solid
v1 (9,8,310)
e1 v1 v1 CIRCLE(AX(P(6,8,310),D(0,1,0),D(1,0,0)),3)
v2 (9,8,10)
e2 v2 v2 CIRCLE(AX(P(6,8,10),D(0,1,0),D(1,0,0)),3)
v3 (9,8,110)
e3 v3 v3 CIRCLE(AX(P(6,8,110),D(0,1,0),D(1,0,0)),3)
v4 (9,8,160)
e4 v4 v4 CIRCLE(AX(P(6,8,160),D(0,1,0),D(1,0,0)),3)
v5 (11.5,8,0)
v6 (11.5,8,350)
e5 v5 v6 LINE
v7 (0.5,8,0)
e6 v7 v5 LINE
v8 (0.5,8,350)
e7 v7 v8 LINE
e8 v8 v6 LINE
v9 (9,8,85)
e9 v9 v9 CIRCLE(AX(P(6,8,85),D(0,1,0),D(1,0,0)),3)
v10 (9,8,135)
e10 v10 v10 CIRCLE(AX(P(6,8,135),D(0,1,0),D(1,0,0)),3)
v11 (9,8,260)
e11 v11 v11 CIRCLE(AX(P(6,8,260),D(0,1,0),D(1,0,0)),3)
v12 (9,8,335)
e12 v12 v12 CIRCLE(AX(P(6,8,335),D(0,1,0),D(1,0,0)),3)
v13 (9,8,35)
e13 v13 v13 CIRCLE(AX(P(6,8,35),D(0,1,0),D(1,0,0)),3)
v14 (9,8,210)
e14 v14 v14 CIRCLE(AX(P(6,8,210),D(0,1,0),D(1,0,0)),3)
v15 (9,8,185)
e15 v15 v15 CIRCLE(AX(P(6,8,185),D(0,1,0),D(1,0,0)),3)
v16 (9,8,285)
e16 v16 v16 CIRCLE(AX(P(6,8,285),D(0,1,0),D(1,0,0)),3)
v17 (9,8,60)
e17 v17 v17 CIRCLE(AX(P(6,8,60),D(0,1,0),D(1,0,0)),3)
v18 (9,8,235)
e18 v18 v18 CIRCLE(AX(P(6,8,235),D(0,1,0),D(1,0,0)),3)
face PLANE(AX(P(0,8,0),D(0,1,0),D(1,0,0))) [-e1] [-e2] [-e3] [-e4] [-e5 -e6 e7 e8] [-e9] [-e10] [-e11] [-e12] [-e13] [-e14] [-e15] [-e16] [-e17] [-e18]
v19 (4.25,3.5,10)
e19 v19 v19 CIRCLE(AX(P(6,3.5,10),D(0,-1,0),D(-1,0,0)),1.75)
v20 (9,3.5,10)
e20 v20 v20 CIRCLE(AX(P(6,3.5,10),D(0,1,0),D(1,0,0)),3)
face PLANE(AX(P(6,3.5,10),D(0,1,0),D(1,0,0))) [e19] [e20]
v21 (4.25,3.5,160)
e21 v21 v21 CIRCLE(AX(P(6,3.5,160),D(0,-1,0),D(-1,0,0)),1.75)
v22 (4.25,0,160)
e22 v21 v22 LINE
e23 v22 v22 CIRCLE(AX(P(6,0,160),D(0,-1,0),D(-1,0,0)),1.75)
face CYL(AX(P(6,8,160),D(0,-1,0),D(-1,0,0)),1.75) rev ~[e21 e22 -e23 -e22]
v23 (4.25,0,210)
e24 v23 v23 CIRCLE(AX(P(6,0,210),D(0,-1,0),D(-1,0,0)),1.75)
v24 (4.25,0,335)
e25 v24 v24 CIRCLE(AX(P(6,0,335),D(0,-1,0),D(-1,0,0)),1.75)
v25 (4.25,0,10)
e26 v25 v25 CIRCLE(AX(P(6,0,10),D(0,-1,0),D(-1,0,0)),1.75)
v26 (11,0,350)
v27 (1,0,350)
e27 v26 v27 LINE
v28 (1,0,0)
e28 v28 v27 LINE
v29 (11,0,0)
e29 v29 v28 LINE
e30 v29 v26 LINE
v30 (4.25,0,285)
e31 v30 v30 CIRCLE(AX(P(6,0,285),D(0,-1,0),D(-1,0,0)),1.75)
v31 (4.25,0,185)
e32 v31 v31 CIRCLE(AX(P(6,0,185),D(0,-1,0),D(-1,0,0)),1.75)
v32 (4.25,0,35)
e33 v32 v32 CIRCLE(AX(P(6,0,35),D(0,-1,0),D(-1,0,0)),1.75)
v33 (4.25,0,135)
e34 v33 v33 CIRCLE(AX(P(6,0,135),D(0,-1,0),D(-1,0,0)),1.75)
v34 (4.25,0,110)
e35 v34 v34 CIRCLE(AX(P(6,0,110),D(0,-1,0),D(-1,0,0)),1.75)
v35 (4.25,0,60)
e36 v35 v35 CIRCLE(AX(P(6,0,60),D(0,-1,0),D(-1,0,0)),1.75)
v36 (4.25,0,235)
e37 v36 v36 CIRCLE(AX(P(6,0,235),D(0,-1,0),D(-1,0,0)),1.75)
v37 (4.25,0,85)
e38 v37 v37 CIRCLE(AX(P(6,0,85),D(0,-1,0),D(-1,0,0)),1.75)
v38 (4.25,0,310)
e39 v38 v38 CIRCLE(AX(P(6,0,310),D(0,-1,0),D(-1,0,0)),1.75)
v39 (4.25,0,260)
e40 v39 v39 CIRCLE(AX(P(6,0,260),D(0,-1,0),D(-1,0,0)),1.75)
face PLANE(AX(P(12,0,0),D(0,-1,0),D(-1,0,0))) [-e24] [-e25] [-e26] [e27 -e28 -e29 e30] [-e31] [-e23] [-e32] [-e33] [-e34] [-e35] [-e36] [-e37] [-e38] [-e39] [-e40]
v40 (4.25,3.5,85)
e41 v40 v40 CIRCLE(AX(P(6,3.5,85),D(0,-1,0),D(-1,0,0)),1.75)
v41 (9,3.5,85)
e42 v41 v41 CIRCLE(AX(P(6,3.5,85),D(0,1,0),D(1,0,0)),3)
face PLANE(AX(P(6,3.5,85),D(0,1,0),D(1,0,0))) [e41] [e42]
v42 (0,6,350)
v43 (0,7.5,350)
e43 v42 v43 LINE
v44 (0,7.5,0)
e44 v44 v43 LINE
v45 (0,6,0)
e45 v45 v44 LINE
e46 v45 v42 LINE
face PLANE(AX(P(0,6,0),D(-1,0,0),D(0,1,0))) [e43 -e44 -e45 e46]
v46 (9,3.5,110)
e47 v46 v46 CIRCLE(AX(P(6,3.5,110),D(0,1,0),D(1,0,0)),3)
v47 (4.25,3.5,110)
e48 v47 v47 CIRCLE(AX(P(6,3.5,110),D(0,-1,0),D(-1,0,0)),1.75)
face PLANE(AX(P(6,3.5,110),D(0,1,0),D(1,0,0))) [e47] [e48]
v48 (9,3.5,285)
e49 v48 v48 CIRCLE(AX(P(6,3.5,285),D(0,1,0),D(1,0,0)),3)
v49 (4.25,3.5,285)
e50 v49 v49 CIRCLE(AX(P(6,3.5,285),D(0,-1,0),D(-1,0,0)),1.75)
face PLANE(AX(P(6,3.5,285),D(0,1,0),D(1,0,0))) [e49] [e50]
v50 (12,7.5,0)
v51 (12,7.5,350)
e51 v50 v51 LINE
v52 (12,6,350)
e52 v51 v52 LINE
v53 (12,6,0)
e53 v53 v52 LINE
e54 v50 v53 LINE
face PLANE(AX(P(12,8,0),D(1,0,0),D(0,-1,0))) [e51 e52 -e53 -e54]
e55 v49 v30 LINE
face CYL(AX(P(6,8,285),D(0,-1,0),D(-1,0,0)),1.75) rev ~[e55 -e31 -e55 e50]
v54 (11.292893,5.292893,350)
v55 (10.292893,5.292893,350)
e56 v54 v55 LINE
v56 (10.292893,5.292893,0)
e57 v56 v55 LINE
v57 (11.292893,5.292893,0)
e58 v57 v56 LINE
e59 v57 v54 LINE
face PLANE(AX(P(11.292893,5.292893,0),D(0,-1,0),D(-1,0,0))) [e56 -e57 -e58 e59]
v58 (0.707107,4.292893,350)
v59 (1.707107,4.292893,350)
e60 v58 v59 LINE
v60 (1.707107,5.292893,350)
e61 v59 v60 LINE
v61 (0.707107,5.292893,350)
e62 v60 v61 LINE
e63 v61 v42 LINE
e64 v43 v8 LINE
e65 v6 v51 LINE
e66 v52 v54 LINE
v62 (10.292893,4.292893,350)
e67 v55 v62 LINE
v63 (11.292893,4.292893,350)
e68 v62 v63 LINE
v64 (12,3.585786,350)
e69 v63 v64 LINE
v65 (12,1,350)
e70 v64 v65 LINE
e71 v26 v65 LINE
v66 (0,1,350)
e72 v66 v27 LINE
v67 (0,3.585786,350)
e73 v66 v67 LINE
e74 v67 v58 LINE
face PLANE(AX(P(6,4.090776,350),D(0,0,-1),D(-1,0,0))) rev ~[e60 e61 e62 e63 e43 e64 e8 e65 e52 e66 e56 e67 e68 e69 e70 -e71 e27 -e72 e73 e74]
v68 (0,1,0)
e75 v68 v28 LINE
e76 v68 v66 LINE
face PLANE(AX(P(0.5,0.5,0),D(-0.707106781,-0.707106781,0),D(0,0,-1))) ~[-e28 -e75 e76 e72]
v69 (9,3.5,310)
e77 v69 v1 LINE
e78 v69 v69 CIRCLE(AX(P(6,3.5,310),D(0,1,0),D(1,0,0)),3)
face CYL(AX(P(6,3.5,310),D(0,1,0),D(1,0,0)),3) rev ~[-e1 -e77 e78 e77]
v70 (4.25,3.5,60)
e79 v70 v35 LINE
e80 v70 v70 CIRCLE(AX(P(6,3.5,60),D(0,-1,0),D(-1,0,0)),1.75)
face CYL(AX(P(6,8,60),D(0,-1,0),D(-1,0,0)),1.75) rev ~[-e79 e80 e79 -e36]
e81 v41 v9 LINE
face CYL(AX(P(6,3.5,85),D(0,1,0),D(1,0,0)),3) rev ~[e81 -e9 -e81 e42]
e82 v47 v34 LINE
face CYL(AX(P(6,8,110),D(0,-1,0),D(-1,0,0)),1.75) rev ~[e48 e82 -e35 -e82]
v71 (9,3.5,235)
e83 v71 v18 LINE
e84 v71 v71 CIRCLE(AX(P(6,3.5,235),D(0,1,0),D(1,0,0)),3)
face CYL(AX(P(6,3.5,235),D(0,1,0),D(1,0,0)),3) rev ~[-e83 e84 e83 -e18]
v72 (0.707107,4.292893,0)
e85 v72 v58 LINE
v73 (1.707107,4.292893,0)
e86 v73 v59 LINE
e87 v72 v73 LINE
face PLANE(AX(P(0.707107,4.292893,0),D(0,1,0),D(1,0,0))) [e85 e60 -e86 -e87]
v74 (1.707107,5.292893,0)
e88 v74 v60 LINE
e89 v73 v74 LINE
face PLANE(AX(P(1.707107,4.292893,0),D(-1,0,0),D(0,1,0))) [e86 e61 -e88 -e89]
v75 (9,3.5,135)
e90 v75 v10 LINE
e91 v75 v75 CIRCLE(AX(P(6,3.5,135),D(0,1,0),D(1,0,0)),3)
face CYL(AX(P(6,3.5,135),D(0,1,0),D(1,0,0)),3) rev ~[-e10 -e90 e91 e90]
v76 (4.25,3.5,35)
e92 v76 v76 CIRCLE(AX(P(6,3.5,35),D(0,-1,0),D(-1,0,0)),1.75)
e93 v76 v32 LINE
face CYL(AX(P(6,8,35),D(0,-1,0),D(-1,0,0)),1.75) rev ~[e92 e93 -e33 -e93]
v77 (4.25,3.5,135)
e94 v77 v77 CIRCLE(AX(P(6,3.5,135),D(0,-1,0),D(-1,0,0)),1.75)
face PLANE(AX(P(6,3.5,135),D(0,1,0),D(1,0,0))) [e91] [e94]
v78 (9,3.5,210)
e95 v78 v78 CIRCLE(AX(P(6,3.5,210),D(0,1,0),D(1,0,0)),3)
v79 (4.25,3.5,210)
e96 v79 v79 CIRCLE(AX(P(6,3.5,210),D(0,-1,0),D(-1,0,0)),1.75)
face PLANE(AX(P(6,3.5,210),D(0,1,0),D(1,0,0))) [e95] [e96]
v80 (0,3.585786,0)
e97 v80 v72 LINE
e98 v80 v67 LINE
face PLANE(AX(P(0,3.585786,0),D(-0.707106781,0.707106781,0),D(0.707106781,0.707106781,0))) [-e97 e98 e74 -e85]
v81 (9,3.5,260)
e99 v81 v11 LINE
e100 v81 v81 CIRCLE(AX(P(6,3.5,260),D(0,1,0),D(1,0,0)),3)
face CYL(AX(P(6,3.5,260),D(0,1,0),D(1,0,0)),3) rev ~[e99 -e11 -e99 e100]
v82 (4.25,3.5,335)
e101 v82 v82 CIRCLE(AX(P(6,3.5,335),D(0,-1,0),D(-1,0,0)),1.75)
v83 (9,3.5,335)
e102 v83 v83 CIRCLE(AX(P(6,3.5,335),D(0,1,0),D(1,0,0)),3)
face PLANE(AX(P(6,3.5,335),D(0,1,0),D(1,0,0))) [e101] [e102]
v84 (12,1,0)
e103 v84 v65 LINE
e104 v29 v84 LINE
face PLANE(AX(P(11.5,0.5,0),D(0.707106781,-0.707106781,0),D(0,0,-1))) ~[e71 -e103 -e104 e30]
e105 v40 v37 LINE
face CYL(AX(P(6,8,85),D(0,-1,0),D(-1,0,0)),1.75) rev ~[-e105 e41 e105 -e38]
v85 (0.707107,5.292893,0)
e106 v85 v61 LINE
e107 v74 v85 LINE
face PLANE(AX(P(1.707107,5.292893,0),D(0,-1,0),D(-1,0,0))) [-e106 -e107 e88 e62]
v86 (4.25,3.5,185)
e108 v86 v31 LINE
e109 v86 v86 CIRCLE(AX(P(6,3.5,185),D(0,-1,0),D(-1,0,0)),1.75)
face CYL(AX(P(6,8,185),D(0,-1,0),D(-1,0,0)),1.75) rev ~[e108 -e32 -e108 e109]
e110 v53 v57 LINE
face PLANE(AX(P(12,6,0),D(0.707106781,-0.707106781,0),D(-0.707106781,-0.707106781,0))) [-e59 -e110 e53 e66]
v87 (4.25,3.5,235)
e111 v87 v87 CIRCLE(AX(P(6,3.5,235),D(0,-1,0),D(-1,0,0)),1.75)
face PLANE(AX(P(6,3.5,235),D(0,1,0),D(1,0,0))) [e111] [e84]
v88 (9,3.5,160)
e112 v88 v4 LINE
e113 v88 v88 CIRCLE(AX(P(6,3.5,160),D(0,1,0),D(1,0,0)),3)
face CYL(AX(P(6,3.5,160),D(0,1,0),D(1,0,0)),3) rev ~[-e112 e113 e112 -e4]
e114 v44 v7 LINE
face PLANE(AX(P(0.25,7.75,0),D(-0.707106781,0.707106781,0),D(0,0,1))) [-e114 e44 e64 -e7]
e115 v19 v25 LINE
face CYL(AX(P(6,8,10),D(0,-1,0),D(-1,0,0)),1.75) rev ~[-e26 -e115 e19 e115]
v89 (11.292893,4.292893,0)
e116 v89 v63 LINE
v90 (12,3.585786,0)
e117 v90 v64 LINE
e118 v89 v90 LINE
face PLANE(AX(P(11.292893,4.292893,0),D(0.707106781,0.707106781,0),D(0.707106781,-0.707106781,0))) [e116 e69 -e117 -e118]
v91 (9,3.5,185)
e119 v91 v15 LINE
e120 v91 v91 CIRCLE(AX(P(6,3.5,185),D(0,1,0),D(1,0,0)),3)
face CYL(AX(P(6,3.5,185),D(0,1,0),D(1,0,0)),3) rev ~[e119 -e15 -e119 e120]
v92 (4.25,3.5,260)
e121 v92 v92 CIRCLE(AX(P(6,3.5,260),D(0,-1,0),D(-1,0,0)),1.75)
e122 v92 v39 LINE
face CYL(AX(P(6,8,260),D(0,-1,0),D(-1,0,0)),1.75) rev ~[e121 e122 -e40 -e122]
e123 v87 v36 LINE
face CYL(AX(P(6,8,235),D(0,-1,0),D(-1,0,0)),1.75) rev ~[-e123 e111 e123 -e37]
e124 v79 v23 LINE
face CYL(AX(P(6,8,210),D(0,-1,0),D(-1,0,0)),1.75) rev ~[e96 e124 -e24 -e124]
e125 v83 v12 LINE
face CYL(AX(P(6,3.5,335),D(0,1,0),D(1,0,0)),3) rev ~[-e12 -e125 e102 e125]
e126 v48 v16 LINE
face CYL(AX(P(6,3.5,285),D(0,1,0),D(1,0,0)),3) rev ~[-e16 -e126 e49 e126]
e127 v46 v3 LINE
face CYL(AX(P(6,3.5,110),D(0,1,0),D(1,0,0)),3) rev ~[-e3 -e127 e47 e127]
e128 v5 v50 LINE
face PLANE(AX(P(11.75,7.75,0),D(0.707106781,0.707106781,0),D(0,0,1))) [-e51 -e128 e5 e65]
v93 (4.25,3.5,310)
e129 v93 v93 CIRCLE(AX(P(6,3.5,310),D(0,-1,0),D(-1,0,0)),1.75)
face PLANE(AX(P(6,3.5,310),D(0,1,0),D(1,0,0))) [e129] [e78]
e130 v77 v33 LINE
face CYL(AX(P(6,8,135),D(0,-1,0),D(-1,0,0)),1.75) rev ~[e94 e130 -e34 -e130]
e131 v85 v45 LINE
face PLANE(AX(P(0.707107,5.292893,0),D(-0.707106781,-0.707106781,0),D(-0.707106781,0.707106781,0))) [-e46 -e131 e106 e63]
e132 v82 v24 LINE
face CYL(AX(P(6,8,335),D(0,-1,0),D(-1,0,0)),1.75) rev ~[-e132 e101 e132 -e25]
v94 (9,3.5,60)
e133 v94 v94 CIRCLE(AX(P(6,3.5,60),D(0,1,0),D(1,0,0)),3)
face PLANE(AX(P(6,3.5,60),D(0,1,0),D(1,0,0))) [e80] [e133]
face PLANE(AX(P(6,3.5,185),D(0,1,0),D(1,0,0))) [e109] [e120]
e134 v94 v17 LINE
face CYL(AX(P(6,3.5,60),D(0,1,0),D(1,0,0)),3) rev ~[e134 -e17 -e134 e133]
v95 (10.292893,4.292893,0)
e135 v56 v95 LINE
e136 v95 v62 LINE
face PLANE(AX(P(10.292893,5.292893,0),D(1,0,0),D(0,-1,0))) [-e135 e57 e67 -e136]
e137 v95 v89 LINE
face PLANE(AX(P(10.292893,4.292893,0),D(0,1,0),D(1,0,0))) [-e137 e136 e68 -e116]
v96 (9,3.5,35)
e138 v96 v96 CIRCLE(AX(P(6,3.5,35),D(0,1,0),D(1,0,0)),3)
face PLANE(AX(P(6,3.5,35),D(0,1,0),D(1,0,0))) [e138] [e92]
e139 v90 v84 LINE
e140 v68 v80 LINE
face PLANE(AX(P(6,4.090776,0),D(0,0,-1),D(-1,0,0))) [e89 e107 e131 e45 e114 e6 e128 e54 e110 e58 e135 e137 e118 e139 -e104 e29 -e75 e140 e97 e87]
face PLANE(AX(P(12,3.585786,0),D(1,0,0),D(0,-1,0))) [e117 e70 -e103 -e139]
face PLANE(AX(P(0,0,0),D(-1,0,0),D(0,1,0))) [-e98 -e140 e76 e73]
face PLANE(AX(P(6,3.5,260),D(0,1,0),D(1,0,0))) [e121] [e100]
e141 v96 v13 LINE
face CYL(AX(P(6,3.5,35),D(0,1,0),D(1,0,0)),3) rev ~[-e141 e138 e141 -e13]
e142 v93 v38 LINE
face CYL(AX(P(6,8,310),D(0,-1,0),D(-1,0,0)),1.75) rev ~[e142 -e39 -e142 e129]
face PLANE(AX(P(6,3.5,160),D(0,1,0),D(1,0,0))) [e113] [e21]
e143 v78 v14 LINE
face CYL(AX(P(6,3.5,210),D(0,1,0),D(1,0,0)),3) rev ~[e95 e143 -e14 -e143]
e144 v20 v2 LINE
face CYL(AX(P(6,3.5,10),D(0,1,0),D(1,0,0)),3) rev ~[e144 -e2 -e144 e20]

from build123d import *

# Parameters (mm, degrees)
MAIN_EXTRUSION_DEPTH             = 350
MOUNTING_HOLE_MASTER_D           = 3.5
MOUNTING_HOLE_MASTER_DEPTH       = 9.921567416
MOUNTING_HOLE_MASTER_CBORE_D     = 6
MOUNTING_HOLE_MASTER_CBORE_DEPTH = 4.5
MOUNTING_HOLES_PATTERN_COUNT     = 14
MOUNTING_HOLES_PATTERN_PITCH     = 25
RAIL_TOP_CHAMFER_SIZE            = 0.5
RAIL_BOTTOM_CHAMFER_SIZE         = 1


with BuildPart() as part:
    # MainProfile → Main Extrusion (new body)
    with BuildSketch(Plane.XY):
        Polygon((0, 0), (0, 3.585786438), (0.707106781, 4.292893219), (1.707106781, 4.292893219), (1.707106781, 5.292893219), (0.707106781, 5.292893219), (0, 6), (0, 8), (12, 8), (12, 6), (11.292893219, 5.292893219), (10.292893219, 5.292893219), (10.292893219, 4.292893219), (11.292893219, 4.292893219), (12, 3.585786438), (12, 0), align=None)
    extrude(amount=MAIN_EXTRUSION_DEPTH)

    # Mounting Hole Master
    with Locations(Plane(origin=(0, 8, 0), x_dir=(1, 0, 0), z_dir=(0, 1, 0))):
        with Locations((6, -10)):
            mounting_hole_master = CounterBoreHole(MOUNTING_HOLE_MASTER_D / 2, MOUNTING_HOLE_MASTER_CBORE_D / 2, MOUNTING_HOLE_MASTER_CBORE_DEPTH, depth=MOUNTING_HOLE_MASTER_DEPTH)

    # Mounting Holes Pattern: Mounting Hole Master ×14
    with Locations(*[(0, 0, i * MOUNTING_HOLES_PATTERN_PITCH) for i in range(1, MOUNTING_HOLES_PATTERN_COUNT)]):
        add(mounting_hole_master, mode=Mode.SUBTRACT)

    # Rail Top Chamfer
    rail_top_chamfer_edges = [part.edges().sort_by_distance(p)[0] for p in [
        (12, 8, 175),
        (0, 8, 175),
    ]]
    chamfer(rail_top_chamfer_edges, length=RAIL_TOP_CHAMFER_SIZE)

    # Rail Bottom Chamfer
    rail_bottom_chamfer_edges = [part.edges().sort_by_distance(p)[0] for p in [
        (0, 0, 175),
        (12, 0, 175),
    ]]
    chamfer(rail_bottom_chamfer_edges, length=RAIL_BOTTOM_CHAMFER_SIZE)


solid = part.part
